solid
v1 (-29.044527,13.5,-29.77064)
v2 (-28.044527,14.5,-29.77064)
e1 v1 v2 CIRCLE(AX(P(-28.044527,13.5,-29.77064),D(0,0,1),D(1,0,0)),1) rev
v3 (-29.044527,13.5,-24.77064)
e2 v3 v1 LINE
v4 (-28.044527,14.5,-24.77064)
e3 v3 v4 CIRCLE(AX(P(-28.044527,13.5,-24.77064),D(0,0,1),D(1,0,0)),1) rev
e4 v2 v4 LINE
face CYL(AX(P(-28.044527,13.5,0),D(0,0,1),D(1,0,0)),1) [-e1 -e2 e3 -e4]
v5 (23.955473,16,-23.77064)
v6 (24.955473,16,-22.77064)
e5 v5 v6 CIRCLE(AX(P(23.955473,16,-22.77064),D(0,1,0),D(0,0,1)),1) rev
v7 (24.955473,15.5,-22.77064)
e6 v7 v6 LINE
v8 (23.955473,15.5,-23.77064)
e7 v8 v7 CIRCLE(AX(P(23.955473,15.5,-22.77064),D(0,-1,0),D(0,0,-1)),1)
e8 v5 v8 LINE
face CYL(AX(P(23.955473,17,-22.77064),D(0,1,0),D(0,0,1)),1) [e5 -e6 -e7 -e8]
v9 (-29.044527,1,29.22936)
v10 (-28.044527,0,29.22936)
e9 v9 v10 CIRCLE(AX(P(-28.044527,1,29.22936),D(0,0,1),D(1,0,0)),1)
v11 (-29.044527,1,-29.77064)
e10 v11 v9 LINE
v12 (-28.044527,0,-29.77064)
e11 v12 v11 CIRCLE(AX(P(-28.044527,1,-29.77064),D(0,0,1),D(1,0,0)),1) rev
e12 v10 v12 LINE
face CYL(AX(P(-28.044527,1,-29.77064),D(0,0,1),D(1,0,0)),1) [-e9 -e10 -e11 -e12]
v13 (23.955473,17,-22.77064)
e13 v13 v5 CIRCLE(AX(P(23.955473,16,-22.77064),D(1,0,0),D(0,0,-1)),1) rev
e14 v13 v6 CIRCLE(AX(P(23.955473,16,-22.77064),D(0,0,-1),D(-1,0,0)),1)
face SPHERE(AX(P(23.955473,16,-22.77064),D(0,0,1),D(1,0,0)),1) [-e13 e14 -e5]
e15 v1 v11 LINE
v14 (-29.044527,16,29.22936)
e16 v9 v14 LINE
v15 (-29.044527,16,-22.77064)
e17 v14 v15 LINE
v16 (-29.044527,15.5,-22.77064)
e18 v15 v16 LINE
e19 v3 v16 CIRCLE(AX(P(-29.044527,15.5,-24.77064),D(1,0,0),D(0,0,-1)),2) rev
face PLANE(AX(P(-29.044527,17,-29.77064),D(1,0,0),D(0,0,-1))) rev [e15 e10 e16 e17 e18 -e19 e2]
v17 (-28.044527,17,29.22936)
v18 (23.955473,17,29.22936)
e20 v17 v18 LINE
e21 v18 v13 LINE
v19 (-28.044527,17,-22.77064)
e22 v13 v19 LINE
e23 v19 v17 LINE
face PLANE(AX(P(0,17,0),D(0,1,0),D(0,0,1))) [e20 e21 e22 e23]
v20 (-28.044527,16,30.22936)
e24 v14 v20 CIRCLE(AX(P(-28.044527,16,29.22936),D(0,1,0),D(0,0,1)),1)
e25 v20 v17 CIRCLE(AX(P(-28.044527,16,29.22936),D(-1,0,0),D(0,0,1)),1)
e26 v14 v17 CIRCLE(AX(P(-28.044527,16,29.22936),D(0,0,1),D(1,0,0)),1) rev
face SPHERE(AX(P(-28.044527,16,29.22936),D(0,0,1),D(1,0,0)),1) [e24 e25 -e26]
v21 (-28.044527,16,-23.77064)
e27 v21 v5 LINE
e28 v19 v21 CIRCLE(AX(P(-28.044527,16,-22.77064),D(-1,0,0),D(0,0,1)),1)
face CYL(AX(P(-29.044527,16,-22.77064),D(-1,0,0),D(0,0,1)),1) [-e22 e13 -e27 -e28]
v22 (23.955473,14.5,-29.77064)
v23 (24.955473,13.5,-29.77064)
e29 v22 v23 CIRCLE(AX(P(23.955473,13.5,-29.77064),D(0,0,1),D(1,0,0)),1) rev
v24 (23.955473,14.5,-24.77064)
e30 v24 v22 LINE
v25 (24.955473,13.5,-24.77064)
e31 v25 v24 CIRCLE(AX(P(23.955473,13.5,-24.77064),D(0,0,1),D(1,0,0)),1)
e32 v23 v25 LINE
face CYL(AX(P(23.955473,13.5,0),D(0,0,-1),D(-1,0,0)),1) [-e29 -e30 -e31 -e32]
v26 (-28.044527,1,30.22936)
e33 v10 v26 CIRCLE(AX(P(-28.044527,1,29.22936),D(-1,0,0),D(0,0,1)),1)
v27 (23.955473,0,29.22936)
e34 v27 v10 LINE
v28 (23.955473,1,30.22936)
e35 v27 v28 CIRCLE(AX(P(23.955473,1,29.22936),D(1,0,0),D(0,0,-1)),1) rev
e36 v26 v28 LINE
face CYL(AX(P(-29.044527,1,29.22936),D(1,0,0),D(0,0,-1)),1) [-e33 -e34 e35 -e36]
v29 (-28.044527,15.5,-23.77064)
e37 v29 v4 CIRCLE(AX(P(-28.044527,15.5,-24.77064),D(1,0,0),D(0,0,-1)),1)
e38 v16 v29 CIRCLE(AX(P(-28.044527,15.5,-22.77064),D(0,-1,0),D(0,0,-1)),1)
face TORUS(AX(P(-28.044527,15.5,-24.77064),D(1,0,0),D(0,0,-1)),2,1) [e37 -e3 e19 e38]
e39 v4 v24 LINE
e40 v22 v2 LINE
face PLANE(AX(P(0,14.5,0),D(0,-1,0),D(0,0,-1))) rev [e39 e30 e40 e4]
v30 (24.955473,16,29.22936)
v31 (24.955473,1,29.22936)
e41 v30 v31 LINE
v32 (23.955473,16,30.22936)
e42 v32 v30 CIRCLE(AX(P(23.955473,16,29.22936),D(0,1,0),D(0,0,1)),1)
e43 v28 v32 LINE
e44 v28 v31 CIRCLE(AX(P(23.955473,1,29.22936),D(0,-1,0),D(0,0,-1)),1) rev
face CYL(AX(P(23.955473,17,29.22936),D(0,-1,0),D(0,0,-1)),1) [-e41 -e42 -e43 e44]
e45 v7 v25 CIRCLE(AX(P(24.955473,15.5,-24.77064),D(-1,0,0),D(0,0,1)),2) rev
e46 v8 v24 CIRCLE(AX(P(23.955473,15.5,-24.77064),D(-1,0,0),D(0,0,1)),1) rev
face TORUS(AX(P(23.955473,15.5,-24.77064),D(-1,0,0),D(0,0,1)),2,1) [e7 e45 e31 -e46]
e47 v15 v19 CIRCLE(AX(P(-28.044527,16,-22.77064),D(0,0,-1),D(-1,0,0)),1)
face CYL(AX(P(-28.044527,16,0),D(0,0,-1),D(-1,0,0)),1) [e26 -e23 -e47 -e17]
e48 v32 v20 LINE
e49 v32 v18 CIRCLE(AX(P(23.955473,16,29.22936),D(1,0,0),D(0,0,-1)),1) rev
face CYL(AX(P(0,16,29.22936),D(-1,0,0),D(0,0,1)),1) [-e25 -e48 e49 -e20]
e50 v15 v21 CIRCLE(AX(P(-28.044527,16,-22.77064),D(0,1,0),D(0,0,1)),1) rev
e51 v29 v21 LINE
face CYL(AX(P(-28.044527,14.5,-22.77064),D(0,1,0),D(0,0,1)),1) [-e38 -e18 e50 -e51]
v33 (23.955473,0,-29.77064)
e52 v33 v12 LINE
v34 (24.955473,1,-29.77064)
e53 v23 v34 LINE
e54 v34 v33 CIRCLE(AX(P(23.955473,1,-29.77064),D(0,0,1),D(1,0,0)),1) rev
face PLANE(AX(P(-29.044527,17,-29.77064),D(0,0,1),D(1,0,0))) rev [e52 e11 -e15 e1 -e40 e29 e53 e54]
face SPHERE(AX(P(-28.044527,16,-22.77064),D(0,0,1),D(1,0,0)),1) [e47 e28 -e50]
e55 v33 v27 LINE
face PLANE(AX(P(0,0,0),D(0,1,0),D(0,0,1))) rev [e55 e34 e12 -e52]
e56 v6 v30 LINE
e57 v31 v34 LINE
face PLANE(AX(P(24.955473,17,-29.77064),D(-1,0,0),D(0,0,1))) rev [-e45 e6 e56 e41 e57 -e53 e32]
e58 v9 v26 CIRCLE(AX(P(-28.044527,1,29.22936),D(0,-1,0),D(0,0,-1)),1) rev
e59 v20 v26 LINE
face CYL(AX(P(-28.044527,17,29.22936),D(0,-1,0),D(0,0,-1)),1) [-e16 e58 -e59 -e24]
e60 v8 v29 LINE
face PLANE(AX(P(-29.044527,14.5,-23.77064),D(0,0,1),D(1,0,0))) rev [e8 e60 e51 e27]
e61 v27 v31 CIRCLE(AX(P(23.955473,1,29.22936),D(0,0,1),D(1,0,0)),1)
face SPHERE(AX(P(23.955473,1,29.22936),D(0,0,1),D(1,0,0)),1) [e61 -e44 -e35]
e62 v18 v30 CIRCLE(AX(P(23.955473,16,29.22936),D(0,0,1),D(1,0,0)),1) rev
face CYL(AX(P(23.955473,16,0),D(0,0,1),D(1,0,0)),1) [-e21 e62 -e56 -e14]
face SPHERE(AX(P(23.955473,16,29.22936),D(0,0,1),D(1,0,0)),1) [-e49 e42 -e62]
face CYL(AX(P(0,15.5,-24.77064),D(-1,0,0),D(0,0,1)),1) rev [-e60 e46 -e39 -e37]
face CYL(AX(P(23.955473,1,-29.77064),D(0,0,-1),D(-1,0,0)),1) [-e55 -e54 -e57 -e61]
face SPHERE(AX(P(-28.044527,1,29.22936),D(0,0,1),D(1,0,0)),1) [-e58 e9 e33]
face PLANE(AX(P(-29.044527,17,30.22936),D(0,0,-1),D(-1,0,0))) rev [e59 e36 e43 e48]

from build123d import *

# Parameters (mm, degrees)
SKETCH1_W           = 54
SKETCH1_H           = 60
BOSS_EXTRUDE1_DEPTH = 17
SKETCH2_W           = 54
SKETCH2_H           = 6
CUT_EXTRUDE1_DEPTH  = 2.5
FILLET1_R           = 1


with BuildPart() as part:
    # Sketch1 → Boss-Extrude1 (new body)
    with BuildSketch(Plane(origin=(0, 0, 0), x_dir=(1, 0, 0), z_dir=(0, 1, 0))):
        with Locations((-2.044526592, -0.229360244)):
            Rectangle(SKETCH1_W, SKETCH1_H)
    extrude(amount=BOSS_EXTRUDE1_DEPTH)

    # Sketch2 → Cut-Extrude1 (cut)
    with BuildSketch(Plane(origin=(0, 17, 0), x_dir=(1, 0, 0), z_dir=(0, 1, 0))):
        with Locations((-2.044526592, 26.770639756)):
            Rectangle(SKETCH2_W, SKETCH2_H)
    extrude(amount=-CUT_EXTRUDE1_DEPTH, mode=Mode.SUBTRACT)

    # Fillet1
    fillet1_edges = [part.edges().sort_by_distance(p)[0] for p in [
        (24.955473408, 17, 3.229360244),
        (-29.044526592, 17, 3.229360244),
        (-29.044526592, 14.5, -26.770639756),
        (-29.044526592, 15.75, -23.770639756),
        (24.955473408, 14.5, -26.770639756),
        (-2.044526592, 14.5, -23.770639756),
        (24.955473408, 15.75, -23.770639756),
        (-2.044526592, 17, -23.770639756),
        (24.955473408, 0, 0.229360244),
        (-2.044526592, 0, 30.229360244),
        (-29.044526592, 0, 0.229360244),
        (-2.044526592, 17, 30.229360244),
        (24.955473408, 8.5, 30.229360244),
        (-29.044526592, 8.5, 30.229360244),
    ]]
    fillet(fillet1_edges, radius=FILLET1_R)


solid = part.part
